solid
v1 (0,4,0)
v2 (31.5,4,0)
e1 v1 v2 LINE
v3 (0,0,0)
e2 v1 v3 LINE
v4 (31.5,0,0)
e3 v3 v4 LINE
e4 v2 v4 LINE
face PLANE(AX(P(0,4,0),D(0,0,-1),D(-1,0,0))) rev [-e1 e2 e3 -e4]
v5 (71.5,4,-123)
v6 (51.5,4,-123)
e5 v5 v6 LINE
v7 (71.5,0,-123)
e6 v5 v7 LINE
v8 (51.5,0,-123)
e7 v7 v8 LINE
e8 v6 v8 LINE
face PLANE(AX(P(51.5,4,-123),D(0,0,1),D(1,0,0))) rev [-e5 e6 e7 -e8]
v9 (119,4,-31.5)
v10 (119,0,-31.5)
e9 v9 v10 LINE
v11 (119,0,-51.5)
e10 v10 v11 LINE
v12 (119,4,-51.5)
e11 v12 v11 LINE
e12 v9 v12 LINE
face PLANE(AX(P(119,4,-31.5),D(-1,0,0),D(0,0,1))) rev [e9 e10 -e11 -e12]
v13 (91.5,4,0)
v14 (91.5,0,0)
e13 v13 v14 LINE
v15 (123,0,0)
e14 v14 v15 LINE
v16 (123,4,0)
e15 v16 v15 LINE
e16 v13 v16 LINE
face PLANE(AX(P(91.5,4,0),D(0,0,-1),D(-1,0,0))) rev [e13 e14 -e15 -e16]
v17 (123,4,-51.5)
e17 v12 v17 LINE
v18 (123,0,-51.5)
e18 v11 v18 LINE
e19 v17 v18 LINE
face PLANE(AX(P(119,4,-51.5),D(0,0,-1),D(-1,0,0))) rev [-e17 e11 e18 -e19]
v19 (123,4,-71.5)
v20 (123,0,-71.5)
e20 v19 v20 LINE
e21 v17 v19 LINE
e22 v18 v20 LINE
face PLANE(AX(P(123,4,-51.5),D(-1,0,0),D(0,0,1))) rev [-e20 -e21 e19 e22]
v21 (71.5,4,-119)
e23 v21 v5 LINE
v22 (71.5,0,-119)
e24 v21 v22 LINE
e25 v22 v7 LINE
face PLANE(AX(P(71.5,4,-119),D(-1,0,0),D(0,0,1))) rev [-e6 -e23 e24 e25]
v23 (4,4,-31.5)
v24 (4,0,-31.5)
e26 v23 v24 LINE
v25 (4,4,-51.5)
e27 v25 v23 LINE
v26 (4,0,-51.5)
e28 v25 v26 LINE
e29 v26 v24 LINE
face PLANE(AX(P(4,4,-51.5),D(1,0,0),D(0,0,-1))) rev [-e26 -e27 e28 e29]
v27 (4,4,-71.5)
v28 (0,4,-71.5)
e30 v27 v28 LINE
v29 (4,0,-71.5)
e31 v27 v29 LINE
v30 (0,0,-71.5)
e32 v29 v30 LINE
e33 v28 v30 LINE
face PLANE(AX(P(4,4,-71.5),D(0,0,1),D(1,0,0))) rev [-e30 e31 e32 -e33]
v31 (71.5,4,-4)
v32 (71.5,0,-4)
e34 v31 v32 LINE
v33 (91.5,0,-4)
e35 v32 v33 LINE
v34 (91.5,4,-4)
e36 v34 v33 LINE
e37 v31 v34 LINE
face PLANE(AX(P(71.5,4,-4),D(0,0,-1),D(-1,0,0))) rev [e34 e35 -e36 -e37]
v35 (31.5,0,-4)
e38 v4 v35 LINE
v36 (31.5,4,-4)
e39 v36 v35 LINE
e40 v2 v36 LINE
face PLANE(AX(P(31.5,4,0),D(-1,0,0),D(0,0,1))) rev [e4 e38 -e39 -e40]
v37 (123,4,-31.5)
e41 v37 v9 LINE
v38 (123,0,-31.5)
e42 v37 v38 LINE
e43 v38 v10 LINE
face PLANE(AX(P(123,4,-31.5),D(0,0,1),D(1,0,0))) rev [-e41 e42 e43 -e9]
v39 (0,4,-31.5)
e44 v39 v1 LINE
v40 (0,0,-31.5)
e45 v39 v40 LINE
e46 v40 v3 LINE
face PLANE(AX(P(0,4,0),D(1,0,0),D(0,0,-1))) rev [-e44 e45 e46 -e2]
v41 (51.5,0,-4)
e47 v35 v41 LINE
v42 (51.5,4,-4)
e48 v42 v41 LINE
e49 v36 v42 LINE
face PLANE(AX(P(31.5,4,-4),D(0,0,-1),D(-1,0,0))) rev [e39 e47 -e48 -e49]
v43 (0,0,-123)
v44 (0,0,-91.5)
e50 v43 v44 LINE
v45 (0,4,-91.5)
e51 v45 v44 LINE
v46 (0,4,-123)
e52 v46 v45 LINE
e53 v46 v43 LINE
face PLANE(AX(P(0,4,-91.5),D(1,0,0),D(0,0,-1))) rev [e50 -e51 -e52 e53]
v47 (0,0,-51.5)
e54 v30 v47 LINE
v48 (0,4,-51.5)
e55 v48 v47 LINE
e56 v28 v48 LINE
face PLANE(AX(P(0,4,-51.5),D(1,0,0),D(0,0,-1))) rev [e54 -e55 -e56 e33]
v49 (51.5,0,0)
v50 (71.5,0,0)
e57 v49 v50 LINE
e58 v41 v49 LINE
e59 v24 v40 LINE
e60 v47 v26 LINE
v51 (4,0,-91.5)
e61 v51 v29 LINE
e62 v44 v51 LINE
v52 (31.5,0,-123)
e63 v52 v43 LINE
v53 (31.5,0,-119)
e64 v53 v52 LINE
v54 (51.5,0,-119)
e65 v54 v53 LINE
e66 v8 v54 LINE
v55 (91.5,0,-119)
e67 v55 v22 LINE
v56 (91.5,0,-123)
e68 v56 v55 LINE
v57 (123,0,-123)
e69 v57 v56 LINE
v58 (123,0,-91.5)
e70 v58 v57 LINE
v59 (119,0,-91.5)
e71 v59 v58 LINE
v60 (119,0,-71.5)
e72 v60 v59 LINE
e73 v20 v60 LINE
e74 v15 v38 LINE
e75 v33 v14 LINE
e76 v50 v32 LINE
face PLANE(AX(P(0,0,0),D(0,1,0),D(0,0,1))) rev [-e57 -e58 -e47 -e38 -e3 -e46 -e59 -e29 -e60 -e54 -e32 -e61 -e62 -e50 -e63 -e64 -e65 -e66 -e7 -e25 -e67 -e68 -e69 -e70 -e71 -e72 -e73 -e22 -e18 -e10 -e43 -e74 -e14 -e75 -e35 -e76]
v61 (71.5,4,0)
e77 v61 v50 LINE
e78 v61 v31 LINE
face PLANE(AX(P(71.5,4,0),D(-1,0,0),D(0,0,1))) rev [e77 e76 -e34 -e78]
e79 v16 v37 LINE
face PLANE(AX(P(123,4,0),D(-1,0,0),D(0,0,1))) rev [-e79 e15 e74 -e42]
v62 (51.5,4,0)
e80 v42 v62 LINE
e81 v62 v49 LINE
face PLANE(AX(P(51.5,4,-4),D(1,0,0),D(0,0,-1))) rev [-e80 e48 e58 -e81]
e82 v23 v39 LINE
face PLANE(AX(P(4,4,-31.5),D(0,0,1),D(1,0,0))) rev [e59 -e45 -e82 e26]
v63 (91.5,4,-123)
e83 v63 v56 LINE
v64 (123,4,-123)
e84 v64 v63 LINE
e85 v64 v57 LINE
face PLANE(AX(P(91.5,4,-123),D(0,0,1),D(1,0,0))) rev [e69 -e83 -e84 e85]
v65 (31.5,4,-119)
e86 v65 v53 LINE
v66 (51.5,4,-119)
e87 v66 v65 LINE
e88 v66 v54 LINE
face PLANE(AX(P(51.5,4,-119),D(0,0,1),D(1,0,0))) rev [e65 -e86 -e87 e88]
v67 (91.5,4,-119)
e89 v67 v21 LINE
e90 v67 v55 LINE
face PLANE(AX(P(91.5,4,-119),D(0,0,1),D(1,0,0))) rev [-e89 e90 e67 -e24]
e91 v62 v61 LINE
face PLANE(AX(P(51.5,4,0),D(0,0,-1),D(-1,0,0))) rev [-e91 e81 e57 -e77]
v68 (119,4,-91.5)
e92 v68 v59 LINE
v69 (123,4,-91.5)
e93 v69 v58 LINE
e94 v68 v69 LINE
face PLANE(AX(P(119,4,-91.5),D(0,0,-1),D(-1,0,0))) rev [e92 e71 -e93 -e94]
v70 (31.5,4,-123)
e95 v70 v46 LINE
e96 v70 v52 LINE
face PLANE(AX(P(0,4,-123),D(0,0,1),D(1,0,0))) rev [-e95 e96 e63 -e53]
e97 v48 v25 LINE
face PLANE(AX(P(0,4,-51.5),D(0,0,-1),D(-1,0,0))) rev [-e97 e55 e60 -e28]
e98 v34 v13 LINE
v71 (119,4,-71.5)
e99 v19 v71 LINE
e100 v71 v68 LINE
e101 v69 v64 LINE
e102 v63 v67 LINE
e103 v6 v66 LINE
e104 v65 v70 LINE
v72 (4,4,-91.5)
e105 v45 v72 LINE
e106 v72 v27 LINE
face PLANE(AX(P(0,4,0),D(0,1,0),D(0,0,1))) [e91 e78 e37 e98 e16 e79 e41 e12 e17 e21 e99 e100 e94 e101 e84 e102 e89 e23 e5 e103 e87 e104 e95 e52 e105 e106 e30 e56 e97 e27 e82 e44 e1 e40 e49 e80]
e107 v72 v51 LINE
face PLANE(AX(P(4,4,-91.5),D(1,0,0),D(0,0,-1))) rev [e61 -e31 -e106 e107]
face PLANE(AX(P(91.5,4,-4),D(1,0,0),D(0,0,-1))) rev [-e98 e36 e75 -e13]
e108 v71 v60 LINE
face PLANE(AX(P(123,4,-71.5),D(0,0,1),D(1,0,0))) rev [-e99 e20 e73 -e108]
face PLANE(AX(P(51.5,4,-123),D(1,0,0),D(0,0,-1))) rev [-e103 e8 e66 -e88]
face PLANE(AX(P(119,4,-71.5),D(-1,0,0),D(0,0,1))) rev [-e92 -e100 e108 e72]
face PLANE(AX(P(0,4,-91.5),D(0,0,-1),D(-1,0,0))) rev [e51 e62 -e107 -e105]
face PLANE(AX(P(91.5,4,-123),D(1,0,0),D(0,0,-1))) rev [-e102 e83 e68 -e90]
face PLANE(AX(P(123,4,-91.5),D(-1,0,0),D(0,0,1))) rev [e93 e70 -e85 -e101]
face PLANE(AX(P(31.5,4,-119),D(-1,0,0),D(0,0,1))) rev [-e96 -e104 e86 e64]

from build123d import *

# Parameters (mm, degrees)
EXTRUDE_1_DEPTH = 4


with BuildPart() as part:
    # Эскиз1 → Бобышка-Вытянуть1 (new body)
    with BuildSketch(Plane(origin=(0, 0, 0), x_dir=(1, 0, 0), z_dir=(0, 1, 0))):
        Polygon((31.5, 0), (31.5, 4), (51.5, 4), (51.5, 0), (71.5, 0), (71.5, 4), (91.5, 4), (91.5, 0), (123, 0), (123, 31.5), (119, 31.5), (119, 51.5), (123, 51.5), (123, 71.5), (119, 71.5), (119, 91.5), (123, 91.5), (123, 123), (91.5, 123), (91.5, 119), (71.5, 119), (71.5, 123), (51.5, 123), (51.5, 119), (31.5, 119), (31.5, 123), (0, 123), (0, 91.5), (4, 91.5), (4, 71.5), (0, 71.5), (0, 51.5), (4, 51.5), (4, 31.5), (0, 31.5), (0, 0), align=None)
    extrude(amount=EXTRUDE_1_DEPTH)


solid = part.part
